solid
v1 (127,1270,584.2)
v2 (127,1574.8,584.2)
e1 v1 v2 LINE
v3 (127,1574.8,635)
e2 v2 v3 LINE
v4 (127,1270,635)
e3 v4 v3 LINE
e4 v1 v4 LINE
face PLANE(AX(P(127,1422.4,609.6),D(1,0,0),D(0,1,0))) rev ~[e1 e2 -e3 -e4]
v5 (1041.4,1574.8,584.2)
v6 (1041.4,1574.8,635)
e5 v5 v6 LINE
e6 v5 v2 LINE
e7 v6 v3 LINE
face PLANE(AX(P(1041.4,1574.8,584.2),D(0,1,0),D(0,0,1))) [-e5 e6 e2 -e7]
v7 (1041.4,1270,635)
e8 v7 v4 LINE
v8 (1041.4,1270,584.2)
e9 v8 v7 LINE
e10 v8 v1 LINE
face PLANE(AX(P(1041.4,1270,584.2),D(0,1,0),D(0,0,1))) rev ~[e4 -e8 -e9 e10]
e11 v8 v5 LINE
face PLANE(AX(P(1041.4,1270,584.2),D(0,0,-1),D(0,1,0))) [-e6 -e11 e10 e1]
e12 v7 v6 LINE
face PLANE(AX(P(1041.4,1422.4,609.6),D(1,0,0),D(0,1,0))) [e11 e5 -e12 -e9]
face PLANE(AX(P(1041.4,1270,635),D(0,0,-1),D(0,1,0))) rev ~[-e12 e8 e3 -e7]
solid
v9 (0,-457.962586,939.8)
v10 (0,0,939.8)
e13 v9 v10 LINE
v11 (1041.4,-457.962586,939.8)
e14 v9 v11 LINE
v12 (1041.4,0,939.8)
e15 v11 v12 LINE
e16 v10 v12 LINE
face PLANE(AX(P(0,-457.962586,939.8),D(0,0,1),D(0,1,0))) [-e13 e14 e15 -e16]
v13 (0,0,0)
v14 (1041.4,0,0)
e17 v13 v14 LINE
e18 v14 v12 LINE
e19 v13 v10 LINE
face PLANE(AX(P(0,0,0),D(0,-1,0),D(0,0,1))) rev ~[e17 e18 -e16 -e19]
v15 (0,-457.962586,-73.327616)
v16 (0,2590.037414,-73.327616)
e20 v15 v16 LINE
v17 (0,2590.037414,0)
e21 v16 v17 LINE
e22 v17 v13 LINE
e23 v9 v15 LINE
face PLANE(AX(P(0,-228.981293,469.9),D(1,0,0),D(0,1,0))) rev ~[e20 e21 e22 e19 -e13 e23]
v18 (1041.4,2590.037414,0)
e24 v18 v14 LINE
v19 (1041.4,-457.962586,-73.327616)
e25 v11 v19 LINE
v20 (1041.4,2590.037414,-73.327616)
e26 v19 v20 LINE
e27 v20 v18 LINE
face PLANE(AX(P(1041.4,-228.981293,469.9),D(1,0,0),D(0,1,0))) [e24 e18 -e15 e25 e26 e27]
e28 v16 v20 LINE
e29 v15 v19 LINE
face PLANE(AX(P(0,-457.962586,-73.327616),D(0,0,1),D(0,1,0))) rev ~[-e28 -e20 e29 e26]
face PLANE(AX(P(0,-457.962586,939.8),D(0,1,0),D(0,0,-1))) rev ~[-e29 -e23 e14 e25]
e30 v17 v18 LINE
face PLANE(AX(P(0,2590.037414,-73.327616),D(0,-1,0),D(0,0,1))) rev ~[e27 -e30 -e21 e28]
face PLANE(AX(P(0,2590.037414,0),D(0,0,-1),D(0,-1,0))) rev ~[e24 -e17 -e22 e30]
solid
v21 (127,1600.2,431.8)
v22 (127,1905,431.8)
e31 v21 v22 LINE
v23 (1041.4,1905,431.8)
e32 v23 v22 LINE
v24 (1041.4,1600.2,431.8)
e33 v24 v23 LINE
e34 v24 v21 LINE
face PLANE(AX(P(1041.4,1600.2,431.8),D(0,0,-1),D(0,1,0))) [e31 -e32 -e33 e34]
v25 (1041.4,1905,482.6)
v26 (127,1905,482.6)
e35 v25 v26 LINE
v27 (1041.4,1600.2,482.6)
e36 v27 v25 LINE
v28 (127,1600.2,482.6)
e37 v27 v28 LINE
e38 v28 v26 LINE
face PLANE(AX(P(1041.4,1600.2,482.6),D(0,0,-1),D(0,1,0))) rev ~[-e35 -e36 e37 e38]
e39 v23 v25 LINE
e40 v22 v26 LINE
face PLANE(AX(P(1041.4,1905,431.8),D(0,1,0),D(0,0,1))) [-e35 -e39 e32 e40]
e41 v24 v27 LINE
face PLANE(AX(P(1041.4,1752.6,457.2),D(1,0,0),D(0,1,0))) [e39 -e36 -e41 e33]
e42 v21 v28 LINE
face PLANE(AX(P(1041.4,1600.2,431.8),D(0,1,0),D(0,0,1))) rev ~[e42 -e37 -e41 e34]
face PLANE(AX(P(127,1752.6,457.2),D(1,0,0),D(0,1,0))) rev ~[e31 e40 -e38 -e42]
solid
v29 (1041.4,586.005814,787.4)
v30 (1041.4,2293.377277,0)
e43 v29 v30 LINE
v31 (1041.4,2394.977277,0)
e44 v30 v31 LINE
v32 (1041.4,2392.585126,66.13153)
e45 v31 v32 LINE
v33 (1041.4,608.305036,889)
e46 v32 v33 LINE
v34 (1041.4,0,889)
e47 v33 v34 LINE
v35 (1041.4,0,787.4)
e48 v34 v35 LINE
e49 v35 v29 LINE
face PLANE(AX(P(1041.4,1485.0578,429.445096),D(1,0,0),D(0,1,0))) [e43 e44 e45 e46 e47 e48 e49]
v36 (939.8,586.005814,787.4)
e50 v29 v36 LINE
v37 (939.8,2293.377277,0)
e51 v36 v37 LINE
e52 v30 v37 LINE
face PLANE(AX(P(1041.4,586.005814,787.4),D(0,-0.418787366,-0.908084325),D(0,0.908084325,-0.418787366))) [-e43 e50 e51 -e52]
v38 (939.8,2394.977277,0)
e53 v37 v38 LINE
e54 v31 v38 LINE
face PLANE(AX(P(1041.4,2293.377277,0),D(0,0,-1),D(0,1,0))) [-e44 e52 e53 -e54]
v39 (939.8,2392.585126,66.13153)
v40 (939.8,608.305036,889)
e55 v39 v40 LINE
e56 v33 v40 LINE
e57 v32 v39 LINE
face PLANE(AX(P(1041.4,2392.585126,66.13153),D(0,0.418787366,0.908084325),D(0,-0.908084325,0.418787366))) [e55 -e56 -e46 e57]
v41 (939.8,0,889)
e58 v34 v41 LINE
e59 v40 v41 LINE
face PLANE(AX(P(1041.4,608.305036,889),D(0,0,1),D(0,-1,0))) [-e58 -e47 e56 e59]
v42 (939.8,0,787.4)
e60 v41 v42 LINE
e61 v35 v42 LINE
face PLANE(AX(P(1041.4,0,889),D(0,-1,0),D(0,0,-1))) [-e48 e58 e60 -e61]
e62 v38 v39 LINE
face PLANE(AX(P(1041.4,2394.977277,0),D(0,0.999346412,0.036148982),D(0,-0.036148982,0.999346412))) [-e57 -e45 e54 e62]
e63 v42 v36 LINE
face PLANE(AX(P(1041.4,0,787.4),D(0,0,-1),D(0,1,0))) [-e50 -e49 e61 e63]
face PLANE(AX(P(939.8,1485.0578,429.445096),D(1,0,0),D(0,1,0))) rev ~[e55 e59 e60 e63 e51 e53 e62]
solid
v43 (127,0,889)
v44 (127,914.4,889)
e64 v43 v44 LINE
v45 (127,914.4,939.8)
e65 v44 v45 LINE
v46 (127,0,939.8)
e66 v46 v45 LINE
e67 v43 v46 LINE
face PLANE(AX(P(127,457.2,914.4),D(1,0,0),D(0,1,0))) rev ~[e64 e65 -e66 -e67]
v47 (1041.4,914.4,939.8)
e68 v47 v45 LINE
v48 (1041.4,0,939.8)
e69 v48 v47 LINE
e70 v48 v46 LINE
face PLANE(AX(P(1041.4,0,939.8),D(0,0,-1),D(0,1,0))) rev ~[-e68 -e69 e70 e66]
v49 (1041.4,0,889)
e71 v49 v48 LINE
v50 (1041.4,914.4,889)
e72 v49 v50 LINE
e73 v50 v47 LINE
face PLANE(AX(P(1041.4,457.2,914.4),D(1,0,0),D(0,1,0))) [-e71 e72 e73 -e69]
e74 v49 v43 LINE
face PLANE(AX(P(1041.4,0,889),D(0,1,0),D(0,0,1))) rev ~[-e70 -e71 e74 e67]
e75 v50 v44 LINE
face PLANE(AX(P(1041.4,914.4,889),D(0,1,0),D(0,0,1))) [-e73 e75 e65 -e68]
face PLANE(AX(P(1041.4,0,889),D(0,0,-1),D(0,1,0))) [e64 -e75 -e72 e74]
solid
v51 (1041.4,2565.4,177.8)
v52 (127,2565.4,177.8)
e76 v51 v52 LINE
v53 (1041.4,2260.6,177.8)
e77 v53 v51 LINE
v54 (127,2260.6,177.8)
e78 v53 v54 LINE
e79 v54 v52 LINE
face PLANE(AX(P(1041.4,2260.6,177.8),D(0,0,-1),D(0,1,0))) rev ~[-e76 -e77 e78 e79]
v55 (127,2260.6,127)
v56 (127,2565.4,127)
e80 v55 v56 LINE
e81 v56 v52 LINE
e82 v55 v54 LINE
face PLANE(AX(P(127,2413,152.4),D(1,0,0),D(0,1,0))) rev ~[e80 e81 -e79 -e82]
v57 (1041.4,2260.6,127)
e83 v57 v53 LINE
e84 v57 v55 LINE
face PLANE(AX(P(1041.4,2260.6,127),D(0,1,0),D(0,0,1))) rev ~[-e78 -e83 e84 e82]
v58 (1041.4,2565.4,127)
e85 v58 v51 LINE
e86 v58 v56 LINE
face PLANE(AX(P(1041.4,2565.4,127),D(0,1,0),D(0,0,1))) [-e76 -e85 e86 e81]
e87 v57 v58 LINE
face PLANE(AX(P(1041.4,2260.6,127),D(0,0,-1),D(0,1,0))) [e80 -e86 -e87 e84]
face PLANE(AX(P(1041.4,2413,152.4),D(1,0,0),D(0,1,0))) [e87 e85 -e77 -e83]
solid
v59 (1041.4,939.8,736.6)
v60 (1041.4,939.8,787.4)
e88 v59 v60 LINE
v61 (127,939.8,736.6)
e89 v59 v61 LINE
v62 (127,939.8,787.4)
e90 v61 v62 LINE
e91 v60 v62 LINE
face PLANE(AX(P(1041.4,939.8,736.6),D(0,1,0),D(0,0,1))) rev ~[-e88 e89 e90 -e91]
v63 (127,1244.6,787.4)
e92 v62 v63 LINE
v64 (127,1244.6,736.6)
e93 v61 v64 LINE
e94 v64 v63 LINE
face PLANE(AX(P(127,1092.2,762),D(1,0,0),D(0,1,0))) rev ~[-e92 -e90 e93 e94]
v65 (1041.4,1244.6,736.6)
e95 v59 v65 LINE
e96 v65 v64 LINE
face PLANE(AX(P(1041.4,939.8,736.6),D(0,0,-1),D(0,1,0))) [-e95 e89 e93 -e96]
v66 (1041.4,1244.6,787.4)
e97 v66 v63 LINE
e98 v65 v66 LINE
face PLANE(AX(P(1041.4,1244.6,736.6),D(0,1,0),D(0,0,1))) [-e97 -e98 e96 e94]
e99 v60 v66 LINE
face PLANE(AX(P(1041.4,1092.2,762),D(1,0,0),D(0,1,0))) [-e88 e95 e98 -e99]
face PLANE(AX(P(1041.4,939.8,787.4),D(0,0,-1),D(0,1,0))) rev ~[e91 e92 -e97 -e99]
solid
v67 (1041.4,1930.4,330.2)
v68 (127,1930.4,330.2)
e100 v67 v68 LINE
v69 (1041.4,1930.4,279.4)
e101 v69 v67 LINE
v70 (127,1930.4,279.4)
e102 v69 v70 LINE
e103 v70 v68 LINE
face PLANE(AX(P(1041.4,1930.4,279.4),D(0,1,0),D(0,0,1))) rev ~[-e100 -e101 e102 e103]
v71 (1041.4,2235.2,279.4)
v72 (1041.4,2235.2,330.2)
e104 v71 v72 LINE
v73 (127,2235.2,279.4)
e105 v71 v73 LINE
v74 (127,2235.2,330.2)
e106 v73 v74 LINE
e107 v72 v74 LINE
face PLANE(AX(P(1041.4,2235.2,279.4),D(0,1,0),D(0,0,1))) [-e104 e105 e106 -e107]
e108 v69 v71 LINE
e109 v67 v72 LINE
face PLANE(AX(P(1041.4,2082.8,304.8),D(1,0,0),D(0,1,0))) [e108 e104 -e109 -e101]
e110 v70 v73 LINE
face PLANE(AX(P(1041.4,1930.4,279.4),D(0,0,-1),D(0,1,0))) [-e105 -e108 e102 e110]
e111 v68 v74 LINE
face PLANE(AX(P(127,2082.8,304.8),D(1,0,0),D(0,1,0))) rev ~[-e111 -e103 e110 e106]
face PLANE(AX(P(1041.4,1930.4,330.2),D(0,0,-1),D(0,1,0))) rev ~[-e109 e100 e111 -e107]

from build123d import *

# Parameters (mm, degrees)
F0_W     = 457.962586
F0_H     = 939.8
F1_DEPTH = 1041.4
F2_W     = 914.4
F2_H     = 50.8
F2_W_2   = 304.8
F3_DEPTH = 914.4
F5_DEPTH = 101.6


with BuildPart() as f1:
    # F0 (on Right) → F1 (new body)
    with BuildSketch(Plane.YZ):
        with Locations((-228.981293, 469.9)):
            Rectangle(F0_W, F0_H)
        Polygon((2590.037414, 0), (0, 0), (-457.962586, 0), (-457.962586, -73.327616), (2590.037414, -73.327616), align=None)
    extrude(amount=F1_DEPTH)


with BuildPart() as f3:
    # F2 (on face) → F3 (new body)
    with BuildSketch(Plane.YZ.offset(1041.4)):
        with Locations((457.2, 914.4)):
            Rectangle(F2_W, F2_H)
        with Locations((1092.2, 762)):
            Rectangle(F2_W_2, F2_H)
        with Locations((1422.4, 609.6)):
            Rectangle(F2_W_2, F2_H)
        with Locations((1752.6, 457.2)):
            Rectangle(F2_W_2, F2_H)
        with Locations((2082.8, 304.8)):
            Rectangle(F2_W_2, F2_H)
        with Locations((2413, 152.4)):
            Rectangle(F2_W_2, F2_H)
    extrude(amount=-F3_DEPTH)


with BuildPart() as f5:
    # F4 (on face) → F5 (new body)
    with BuildSketch(Plane.YZ.offset(1041.4)):
        Polygon((2392.585126, 66.13153), (608.305036, 889), (586.005814, 787.4), (2293.377277, 0), (2394.977277, 0), align=None)
        Polygon((586.005814, 787.4), (608.305036, 889), (0, 889), (0, 787.4), align=None)
    extrude(amount=-F5_DEPTH)


solid = Compound([f1.part, f3.part, f5.part])
